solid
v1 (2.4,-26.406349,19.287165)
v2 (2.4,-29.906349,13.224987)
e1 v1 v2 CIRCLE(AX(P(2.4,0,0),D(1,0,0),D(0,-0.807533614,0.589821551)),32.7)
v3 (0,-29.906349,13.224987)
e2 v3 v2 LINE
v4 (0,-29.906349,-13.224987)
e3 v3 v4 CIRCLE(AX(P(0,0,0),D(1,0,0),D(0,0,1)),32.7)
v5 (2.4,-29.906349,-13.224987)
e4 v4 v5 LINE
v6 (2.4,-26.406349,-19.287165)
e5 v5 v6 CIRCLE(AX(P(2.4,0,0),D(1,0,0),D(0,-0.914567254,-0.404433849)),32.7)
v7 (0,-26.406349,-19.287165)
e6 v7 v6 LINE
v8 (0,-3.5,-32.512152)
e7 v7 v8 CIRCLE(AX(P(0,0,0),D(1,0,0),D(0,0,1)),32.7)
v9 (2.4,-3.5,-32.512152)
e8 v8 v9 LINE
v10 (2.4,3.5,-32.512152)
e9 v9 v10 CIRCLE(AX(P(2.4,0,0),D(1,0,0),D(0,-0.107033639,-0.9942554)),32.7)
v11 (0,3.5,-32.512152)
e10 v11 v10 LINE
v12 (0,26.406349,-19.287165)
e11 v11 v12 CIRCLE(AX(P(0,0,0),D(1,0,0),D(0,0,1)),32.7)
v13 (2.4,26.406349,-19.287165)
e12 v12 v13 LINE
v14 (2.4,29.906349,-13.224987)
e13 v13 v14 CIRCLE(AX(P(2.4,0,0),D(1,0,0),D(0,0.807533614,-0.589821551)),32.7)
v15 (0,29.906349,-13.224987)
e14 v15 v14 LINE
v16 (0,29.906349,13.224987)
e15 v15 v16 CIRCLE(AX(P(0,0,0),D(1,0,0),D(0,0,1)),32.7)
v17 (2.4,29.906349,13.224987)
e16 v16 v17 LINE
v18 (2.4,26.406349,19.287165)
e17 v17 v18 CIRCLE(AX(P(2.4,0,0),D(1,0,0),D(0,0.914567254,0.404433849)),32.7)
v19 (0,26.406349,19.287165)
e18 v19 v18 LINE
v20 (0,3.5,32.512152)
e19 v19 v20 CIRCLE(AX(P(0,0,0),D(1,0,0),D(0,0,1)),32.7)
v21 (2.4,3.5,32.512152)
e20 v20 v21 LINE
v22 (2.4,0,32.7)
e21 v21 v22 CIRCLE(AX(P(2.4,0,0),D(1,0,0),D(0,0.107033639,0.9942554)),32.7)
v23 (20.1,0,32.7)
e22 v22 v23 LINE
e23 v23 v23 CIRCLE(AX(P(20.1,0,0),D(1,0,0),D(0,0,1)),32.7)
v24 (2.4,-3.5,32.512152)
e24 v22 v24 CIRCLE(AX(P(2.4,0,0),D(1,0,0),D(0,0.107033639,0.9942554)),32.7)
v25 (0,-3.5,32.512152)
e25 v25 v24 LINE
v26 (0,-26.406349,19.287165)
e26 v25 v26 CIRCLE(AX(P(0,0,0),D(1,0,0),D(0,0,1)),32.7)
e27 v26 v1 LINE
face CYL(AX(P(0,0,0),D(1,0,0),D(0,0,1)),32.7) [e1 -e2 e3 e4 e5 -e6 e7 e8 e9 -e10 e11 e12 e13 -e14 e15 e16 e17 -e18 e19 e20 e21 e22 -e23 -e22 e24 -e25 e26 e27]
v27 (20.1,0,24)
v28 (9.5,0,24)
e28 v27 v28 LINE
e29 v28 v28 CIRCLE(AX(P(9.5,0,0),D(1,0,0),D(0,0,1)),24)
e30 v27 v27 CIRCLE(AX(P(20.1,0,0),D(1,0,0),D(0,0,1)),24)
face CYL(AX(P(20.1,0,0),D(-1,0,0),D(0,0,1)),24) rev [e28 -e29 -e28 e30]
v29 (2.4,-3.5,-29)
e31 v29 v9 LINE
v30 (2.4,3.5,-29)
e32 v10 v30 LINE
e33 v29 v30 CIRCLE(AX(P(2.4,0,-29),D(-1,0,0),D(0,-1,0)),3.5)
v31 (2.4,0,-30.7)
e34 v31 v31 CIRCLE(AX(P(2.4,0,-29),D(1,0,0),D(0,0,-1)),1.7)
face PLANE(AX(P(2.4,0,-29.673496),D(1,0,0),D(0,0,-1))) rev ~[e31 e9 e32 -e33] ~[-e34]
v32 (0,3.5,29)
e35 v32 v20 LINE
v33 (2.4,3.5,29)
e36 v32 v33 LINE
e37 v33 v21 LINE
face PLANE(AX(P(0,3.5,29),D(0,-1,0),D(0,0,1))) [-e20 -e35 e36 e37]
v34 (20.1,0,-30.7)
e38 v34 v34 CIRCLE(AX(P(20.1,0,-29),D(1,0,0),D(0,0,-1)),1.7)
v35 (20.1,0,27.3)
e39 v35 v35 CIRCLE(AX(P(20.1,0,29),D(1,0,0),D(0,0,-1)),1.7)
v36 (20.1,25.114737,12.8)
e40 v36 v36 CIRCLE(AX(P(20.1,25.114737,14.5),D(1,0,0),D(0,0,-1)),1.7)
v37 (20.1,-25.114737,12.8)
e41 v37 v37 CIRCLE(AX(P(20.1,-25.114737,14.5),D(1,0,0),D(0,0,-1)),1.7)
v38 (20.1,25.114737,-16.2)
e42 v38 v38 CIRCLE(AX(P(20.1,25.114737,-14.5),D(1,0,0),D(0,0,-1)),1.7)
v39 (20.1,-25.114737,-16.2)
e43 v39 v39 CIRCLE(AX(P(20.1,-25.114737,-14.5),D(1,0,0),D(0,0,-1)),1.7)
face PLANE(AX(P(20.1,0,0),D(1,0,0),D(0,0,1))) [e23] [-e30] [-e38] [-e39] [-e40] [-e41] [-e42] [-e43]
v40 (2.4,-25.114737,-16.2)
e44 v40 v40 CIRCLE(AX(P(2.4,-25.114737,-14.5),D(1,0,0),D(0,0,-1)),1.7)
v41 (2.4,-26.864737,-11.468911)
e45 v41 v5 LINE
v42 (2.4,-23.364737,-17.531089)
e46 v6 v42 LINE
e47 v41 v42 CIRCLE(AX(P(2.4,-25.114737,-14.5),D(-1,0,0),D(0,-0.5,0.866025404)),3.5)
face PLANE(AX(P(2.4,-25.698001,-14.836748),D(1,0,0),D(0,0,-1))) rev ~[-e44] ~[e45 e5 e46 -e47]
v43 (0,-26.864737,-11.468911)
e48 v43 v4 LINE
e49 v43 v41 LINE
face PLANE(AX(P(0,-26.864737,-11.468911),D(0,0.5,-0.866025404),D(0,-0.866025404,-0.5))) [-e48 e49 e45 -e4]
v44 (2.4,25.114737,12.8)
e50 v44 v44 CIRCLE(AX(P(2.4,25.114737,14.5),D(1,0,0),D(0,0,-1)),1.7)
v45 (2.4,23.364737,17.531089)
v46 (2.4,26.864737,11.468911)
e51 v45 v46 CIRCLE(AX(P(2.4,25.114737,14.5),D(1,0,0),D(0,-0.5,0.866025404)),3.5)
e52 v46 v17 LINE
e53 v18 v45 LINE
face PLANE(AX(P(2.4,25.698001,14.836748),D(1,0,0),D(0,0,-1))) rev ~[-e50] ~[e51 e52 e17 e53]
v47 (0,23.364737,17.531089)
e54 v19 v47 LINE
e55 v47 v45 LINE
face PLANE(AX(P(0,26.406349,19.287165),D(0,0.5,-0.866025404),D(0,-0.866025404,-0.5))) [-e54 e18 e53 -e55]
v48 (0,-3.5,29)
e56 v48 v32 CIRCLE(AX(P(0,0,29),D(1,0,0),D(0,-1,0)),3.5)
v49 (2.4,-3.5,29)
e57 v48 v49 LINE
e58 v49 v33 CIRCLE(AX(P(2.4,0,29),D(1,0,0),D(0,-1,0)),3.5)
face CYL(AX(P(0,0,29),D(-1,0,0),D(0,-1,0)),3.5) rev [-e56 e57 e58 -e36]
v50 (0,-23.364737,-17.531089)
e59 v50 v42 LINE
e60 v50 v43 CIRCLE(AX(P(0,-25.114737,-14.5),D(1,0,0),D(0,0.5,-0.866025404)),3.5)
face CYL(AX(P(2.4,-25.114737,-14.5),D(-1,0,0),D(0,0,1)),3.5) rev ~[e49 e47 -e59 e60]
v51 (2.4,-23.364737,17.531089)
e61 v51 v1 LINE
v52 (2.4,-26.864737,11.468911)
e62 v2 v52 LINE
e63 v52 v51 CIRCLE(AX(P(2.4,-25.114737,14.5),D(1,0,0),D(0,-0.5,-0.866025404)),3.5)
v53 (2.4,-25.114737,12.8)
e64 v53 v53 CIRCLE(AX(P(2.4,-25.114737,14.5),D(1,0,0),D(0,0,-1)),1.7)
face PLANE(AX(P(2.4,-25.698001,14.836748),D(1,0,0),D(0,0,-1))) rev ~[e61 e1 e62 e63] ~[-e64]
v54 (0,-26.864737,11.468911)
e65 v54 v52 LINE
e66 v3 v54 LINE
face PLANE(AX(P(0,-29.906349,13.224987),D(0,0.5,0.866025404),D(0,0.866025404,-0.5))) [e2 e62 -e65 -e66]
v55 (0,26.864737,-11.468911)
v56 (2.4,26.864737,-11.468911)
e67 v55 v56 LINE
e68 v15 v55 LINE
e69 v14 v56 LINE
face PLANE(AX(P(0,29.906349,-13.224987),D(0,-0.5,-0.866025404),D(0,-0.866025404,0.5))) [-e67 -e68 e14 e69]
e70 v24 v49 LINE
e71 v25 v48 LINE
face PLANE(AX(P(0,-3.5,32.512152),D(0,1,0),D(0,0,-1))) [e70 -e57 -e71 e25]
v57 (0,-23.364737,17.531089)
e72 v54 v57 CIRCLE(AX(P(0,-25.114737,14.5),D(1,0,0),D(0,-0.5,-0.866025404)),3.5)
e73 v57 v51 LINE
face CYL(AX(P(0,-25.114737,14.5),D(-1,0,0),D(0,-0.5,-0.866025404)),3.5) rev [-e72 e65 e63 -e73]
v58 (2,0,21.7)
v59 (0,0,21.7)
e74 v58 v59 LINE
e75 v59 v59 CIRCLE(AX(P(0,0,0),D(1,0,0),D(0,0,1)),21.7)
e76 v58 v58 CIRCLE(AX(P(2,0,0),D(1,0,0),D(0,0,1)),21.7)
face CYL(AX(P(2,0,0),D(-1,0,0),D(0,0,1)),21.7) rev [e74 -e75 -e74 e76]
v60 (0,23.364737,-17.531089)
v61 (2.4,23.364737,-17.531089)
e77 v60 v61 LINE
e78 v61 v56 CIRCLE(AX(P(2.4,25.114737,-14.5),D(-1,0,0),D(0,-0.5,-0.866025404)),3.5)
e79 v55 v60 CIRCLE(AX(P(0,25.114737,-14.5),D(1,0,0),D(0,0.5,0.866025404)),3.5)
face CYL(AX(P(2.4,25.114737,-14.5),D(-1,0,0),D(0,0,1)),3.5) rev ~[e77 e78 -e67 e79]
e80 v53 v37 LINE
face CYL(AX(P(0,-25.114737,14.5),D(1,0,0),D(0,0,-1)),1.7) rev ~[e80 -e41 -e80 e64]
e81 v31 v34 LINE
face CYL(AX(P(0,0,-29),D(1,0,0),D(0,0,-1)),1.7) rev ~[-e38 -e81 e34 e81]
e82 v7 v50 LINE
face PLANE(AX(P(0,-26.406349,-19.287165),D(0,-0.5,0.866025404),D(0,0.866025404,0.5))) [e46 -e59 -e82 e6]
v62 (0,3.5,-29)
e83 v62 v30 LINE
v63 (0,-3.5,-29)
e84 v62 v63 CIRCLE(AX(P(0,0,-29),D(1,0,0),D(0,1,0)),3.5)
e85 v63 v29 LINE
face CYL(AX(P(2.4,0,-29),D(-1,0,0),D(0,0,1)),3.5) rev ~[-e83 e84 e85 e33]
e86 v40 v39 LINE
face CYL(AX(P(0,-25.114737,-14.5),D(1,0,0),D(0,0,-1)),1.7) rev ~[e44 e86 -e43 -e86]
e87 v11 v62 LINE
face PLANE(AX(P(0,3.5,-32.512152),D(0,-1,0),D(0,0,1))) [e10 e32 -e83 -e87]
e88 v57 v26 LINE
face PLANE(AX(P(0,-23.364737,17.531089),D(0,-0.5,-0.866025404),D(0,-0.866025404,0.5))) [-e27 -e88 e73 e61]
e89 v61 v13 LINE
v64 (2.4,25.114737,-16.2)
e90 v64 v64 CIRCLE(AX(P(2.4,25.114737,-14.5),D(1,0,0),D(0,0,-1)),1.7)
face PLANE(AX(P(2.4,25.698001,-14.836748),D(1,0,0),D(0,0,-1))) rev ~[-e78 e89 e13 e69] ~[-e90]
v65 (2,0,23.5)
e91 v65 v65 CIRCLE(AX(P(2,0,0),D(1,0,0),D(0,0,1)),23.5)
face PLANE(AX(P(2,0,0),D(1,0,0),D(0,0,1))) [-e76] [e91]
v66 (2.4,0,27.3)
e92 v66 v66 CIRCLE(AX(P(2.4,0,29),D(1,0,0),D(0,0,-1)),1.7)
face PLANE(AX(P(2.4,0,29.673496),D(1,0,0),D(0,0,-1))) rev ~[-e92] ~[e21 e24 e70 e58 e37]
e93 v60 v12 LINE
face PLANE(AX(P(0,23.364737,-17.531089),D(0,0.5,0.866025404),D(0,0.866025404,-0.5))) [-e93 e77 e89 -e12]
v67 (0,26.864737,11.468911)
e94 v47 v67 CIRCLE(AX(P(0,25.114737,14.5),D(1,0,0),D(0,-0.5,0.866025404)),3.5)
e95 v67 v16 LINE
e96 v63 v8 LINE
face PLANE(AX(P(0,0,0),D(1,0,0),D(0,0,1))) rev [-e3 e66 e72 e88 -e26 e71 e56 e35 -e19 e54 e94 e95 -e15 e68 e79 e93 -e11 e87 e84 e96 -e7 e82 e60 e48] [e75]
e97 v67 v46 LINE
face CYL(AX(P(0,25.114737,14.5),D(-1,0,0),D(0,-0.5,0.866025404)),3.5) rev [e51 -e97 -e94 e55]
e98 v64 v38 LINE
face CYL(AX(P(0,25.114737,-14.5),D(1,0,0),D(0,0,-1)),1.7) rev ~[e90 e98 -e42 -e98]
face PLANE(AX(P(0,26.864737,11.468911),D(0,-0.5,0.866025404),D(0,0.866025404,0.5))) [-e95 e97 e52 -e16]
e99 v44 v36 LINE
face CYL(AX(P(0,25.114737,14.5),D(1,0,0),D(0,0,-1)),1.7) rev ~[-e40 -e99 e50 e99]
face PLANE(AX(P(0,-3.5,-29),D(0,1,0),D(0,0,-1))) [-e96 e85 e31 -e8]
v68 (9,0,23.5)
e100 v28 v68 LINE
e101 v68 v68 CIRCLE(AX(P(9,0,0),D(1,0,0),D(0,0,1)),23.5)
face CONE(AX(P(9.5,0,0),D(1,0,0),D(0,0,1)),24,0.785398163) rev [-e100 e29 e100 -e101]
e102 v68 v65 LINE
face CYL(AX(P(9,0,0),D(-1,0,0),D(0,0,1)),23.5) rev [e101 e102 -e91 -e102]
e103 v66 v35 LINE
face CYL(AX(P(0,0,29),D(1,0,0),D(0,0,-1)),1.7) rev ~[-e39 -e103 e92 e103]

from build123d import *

# Parameters (mm, degrees)
REFRENTADO_PARA_TORNILLO_CON_CABEZA_TRON_D           = 3.4
REFRENTADO_PARA_TORNILLO_CON_CABEZA_TRON_CBORE_D     = 7
REFRENTADO_PARA_TORNILLO_CON_CABEZA_TRON_CBORE_DEPTH = 2.4
CORTAR_EXTRUIR1_DEPTH                                = 2.4


with BuildPart() as part:
    # Croquis2 → Revolución1 (revolve)
    with BuildSketch(Plane(origin=(0, 0, 0), x_dir=(1, 0, 0), z_dir=(0, 1, 0)), mode=Mode.PRIVATE) as revoluci_n1_sk:
        Polygon((0, 32.7), (20.1, 32.7), (20.1, 24), (9.5, 24), (9, 23.5), (2, 23.5), (2, 21.7), (0, 21.7), align=None)
    revolve(revoluci_n1_sk.sketch.rotate(Axis((-10.750662053, 0, 0), (1, 0, 0)), 180), axis=Axis((-10.750662053, 0, 0), (1, 0, 0)))

    # Refrentado para tornillo con cabeza troncocónica de M31 (through all)
    with Locations(Plane.ZY):
        with Locations((14.5, 25.11473671), (29, 0), (14.5, -25.11473671), (-14.5, -25.11473671), (-29, 0), (-14.5, 25.11473671)):
            CounterBoreHole(REFRENTADO_PARA_TORNILLO_CON_CABEZA_TRON_D / 2, REFRENTADO_PARA_TORNILLO_CON_CABEZA_TRON_CBORE_D / 2, REFRENTADO_PARA_TORNILLO_CON_CABEZA_TRON_CBORE_DEPTH)

    # Croquis6 → Cortar-Extruir1 (cut)
    with BuildSketch(Plane.ZY):
        with BuildLine():
            Line((29, 3.5), (32.512151574, 3.5))
            ThreePointArc((32.512151574, 3.5), (32.7, 0), (32.512151574, -3.5))
            Line((32.512151574, -3.5), (29, -3.5))
            ThreePointArc((29, -3.5), (25.5, 0), (29, 3.5))
        make_face()
        with BuildLine():
            Line((17.531088913, -23.36473671), (19.2871647, -26.406349195))
            ThreePointArc((19.2871647, -26.406349195), (16.35, -28.319030704), (13.224986874, -29.906349195))
            Line((13.224986874, -29.906349195), (11.468911087, -26.86473671))
            ThreePointArc((11.468911087, -26.86473671), (12.75, -22.083647797), (17.531088913, -23.36473671))
        make_face()
        with BuildLine():
            Line((-11.468911087, -26.86473671), (-13.224986874, -29.906349195))
            ThreePointArc((-13.224986874, -29.906349195), (-16.35, -28.319030704), (-19.2871647, -26.406349195))
            Line((-19.2871647, -26.406349195), (-17.531088913, -23.36473671))
            ThreePointArc((-17.531088913, -23.36473671), (-12.75, -22.083647797), (-11.468911087, -26.86473671))
        make_face()
        with BuildLine():
            Line((-29, -3.5), (-32.512151574, -3.5))
            ThreePointArc((-32.512151574, -3.5), (-32.7, 0), (-32.512151574, 3.5))
            Line((-32.512151574, 3.5), (-29, 3.5))
            ThreePointArc((-29, 3.5), (-25.5, 0), (-29, -3.5))
        make_face()
        with BuildLine():
            Line((-17.531088913, 23.36473671), (-19.2871647, 26.406349195))
            ThreePointArc((-19.2871647, 26.406349195), (-16.35, 28.319030704), (-13.224986874, 29.906349195))
            Line((-13.224986874, 29.906349195), (-11.468911087, 26.86473671))
            ThreePointArc((-11.468911087, 26.86473671), (-12.75, 22.083647797), (-17.531088913, 23.36473671))
        make_face()
        with BuildLine():
            Line((11.468911087, 26.86473671), (13.224986874, 29.906349195))
            ThreePointArc((13.224986874, 29.906349195), (16.35, 28.319030704), (19.2871647, 26.406349195))
            Line((19.2871647, 26.406349195), (17.531088913, 23.36473671))
            ThreePointArc((17.531088913, 23.36473671), (12.75, 22.083647797), (11.468911087, 26.86473671))
        make_face()
    extrude(amount=-CORTAR_EXTRUIR1_DEPTH, mode=Mode.SUBTRACT)


solid = part.part
